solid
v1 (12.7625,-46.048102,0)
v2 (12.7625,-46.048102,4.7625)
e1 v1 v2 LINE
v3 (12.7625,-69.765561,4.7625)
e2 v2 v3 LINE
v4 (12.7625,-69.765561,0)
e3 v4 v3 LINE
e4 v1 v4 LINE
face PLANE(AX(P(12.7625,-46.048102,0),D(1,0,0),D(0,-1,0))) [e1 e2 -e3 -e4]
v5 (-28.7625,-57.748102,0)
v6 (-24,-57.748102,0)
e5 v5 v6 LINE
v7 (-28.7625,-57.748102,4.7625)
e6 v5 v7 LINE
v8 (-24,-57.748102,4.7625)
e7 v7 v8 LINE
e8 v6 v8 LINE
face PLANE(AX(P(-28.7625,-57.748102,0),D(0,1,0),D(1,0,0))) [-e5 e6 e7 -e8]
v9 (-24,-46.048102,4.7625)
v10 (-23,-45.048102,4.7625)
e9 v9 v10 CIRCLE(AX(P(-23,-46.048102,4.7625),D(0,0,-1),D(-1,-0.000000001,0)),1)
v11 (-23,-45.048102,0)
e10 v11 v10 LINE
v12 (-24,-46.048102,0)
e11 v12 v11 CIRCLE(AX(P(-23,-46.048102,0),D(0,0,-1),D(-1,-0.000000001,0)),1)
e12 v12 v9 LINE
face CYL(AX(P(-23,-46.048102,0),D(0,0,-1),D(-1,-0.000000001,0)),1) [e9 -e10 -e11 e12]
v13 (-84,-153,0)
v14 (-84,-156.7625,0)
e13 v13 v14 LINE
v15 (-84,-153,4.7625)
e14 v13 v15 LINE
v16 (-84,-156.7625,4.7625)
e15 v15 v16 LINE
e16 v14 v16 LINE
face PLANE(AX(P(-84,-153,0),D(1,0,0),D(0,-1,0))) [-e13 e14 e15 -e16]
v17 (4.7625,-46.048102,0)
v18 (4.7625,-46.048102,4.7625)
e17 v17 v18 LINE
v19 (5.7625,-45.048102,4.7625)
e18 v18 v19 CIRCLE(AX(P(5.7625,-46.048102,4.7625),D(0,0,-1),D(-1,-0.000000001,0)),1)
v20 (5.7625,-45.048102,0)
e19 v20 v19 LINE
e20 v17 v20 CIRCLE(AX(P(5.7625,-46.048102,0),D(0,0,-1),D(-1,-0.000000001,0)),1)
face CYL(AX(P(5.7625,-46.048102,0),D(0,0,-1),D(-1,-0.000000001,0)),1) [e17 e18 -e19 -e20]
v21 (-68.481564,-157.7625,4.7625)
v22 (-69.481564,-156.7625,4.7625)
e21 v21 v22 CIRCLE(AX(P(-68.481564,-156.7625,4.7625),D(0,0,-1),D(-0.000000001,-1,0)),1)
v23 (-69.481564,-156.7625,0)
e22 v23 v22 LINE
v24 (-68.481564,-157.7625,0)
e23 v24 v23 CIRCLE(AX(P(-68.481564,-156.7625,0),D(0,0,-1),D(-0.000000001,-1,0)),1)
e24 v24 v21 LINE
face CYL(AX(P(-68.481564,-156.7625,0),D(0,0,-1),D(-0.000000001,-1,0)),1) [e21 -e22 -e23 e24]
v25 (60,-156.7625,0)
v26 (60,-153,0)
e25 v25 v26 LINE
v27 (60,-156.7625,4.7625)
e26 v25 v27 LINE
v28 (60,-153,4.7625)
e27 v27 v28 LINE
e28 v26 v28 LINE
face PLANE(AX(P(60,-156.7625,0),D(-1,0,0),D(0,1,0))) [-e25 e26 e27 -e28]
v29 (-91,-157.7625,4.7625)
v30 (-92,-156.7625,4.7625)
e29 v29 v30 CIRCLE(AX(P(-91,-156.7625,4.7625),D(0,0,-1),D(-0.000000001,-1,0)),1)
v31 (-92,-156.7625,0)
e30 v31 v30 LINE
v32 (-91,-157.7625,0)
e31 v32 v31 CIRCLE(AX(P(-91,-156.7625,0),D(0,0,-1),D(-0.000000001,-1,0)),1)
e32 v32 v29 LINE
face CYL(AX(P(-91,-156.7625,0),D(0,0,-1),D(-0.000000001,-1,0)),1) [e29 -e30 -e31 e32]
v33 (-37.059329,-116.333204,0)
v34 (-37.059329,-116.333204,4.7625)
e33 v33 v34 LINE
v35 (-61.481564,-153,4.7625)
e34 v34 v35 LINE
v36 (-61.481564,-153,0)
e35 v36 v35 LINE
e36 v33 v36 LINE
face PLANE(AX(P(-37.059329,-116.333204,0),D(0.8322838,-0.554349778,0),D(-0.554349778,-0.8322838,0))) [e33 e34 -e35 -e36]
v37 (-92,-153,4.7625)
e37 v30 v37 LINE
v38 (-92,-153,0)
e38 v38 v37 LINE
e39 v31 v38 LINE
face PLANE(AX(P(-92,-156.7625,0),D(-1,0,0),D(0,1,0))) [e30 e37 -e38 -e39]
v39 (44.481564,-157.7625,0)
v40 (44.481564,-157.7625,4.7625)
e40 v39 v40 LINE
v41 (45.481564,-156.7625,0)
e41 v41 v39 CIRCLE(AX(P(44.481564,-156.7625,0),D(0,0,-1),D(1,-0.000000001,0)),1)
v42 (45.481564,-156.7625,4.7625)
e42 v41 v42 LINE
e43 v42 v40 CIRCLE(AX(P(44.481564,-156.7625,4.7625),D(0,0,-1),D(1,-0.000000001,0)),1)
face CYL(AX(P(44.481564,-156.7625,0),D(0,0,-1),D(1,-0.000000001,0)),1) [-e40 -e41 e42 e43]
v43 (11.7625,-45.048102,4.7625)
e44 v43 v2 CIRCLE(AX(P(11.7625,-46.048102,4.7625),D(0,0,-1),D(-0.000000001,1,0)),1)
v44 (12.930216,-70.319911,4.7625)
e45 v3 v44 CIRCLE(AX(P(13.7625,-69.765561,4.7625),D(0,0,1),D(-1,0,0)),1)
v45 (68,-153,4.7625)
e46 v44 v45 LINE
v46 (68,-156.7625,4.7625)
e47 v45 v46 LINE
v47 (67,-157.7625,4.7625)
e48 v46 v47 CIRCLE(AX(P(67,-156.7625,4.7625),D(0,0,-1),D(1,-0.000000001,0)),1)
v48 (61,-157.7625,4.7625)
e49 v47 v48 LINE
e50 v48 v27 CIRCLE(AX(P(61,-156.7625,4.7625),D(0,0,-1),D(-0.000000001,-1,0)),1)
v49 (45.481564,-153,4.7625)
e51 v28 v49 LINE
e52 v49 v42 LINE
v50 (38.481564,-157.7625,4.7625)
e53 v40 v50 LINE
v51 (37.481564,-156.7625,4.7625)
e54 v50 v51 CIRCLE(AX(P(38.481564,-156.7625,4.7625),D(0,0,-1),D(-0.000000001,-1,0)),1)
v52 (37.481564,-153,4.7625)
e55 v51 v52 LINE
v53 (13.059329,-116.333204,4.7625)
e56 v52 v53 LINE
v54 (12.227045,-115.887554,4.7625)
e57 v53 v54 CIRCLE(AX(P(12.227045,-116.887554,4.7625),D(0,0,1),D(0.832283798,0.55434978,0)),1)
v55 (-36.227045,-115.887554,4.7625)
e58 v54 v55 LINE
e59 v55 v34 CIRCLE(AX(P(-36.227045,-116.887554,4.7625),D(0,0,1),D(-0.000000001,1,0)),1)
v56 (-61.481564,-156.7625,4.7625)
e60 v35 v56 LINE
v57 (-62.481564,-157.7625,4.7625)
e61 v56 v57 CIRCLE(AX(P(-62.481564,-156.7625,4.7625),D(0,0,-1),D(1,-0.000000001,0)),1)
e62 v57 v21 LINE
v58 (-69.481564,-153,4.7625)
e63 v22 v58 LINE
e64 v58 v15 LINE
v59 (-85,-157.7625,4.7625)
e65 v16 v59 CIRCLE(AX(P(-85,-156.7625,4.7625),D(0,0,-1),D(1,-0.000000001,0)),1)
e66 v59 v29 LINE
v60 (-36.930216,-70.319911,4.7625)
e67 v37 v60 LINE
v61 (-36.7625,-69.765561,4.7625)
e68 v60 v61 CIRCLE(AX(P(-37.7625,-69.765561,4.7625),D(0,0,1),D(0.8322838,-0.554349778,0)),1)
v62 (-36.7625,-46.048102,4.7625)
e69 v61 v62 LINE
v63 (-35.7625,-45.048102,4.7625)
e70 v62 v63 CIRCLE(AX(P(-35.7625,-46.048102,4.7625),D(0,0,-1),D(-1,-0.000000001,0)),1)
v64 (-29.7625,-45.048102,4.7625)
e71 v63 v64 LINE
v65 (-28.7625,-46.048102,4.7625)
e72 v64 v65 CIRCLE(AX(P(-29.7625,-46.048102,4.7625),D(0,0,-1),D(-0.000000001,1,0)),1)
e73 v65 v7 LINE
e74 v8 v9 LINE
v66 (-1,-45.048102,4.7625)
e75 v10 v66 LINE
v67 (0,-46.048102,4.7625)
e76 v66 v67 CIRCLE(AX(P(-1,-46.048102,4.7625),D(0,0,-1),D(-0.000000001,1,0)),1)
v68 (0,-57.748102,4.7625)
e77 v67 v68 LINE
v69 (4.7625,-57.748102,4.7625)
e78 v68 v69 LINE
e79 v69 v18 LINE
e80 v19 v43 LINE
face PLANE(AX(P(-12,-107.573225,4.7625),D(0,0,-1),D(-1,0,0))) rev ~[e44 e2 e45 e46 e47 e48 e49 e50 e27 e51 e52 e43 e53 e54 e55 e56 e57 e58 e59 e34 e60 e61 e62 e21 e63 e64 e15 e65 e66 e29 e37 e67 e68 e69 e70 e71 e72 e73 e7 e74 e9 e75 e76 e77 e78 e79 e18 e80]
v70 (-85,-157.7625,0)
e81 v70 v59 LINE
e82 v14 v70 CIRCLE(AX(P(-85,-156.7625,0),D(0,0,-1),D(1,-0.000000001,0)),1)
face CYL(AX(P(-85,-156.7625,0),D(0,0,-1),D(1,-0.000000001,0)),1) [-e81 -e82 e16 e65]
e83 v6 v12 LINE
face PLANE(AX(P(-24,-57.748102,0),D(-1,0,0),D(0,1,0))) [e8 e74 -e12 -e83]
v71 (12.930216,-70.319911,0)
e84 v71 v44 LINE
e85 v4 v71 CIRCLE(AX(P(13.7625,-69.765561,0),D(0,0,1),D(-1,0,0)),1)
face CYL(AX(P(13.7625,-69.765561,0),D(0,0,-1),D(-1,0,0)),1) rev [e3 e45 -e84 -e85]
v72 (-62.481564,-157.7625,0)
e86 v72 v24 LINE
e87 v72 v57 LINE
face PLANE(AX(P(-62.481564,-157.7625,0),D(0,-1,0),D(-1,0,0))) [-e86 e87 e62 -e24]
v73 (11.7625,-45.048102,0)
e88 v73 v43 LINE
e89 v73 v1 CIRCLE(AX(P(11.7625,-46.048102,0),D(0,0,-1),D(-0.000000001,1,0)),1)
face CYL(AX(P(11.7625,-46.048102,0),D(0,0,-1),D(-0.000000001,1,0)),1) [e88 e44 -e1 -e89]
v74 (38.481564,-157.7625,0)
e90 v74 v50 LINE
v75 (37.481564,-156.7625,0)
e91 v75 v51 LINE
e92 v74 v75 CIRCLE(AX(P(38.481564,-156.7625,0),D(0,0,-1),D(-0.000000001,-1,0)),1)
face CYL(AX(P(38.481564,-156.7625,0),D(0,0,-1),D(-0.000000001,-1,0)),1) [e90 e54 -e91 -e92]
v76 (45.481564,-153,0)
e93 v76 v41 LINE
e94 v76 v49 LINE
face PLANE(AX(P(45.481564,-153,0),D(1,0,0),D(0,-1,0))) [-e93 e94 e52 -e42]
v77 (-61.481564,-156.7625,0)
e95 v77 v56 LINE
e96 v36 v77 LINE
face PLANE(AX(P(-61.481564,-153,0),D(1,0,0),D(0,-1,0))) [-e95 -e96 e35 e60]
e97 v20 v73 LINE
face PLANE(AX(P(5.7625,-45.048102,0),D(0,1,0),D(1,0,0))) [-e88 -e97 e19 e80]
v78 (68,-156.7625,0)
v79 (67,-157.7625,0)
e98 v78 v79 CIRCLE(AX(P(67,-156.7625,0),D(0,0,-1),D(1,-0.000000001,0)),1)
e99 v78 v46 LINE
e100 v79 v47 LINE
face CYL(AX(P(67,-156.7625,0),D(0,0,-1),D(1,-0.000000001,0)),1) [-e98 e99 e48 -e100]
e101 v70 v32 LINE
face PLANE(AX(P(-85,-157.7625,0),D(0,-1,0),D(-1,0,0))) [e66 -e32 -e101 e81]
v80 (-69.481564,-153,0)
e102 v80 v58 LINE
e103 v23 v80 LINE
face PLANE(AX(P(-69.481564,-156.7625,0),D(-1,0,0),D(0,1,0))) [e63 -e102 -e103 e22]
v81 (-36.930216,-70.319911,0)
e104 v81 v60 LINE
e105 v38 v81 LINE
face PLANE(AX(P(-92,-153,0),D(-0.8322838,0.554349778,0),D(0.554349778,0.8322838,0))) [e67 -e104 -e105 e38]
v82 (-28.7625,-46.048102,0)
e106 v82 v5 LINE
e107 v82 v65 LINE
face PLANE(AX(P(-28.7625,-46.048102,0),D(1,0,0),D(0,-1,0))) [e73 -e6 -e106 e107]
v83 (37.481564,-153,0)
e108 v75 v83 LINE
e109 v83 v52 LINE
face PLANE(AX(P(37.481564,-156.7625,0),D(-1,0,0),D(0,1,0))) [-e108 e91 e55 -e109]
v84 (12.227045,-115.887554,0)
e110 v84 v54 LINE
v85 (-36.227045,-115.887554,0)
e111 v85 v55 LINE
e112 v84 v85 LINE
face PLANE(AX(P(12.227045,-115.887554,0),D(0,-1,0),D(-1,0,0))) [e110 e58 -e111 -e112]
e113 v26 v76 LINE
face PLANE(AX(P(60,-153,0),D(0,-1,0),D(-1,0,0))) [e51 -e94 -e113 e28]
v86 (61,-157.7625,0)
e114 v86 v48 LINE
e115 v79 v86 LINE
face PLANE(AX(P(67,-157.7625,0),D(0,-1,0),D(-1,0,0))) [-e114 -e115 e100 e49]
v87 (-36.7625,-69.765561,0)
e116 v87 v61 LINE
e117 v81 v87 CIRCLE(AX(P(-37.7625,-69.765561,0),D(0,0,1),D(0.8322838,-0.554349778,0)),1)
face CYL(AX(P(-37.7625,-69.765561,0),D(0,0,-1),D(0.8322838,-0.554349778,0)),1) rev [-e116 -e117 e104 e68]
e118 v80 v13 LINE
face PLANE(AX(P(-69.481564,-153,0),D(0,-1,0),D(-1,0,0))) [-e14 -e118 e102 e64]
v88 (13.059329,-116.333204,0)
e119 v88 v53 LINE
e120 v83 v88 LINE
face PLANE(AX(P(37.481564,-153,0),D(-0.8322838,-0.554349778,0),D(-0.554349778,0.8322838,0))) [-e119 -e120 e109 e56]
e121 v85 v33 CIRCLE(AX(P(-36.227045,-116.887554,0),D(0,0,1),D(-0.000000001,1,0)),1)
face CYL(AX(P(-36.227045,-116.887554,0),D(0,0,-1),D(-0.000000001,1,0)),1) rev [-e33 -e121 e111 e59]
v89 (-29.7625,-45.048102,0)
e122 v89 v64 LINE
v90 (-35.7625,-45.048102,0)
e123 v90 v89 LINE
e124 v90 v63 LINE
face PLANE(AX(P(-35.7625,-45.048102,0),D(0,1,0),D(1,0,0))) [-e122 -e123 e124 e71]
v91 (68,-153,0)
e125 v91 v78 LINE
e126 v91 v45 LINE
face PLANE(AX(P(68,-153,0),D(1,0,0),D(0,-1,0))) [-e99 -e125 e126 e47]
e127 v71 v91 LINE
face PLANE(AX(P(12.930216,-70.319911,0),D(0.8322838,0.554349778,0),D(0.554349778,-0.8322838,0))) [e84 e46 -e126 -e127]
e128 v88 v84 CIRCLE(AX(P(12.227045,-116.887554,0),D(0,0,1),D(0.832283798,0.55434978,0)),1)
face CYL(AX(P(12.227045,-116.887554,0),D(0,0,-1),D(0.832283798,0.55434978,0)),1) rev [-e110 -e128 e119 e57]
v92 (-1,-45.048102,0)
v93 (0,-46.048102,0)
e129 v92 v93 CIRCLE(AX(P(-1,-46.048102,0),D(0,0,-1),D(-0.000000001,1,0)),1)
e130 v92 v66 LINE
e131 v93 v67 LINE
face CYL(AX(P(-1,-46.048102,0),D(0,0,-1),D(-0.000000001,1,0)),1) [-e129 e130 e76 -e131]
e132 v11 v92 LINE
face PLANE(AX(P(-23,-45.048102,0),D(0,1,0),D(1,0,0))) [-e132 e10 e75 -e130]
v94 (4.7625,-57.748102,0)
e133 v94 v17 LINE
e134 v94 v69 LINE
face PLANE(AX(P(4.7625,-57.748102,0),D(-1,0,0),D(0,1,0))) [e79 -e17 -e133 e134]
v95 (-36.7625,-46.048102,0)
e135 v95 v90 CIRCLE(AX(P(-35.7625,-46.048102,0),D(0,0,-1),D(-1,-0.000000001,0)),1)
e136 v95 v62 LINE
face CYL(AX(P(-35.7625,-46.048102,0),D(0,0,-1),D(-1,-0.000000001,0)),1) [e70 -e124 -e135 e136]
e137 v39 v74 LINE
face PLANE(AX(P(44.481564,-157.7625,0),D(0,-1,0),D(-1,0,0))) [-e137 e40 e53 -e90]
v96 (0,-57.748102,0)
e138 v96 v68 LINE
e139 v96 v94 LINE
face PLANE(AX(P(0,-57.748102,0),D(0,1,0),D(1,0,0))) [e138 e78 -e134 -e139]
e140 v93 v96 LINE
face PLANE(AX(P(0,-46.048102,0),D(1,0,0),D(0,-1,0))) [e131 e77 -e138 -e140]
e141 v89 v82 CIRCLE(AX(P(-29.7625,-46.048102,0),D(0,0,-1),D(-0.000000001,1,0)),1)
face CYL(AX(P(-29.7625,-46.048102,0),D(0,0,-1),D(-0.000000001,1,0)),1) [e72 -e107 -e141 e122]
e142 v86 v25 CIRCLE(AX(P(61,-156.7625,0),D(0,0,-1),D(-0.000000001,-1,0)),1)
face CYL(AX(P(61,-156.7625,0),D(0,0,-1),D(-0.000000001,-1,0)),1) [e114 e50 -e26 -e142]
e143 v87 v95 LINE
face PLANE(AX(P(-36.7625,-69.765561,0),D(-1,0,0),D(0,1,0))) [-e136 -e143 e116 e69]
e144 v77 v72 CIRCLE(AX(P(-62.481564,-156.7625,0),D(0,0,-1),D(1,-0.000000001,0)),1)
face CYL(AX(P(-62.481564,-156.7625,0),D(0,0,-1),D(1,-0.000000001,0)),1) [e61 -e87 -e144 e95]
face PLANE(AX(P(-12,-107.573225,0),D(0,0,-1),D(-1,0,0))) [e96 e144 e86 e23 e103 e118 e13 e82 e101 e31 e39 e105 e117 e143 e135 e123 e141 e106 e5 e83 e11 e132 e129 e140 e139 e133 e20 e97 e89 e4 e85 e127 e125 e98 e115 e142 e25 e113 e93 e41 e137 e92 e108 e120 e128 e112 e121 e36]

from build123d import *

# Parameters (mm, degrees)
BOSS_EXTRUDE1_DEPTH = 4.7625


with BuildPart() as part:
    # Sketch2 → Boss-Extrude1 (new body)
    with BuildSketch(Plane.XY):
        with BuildLine():
            Line((-23, -45.048102255), (-1, -45.048102255))
            ThreePointArc((-1, -45.048102255), (-0.292893219, -45.340995473), (0, -46.048102255))
            Line((0, -46.048102255), (0, -57.748102255))
            Line((0, -57.748102255), (4.7625, -57.748102255))
            Line((4.7625, -57.748102255), (4.7625, -46.048102255))
            ThreePointArc((4.7625, -46.048102255), (5.055393219, -45.340995473), (5.7625, -45.048102255))
            Line((5.7625, -45.048102255), (11.7625, -45.048102255))
            ThreePointArc((11.7625, -45.048102255), (12.469606781, -45.340995473), (12.7625, -46.048102255))
            Line((12.7625, -46.048102255), (12.7625, -69.765561421))
            ThreePointArc((12.7625, -69.765561421), (12.805346982, -70.055144052), (12.9302162, -70.319911199))
            Line((12.9302162, -70.319911199), (68, -153))
            Line((68, -153), (68, -156.7625))
            ThreePointArc((68, -156.7625), (67.707106781, -157.469606781), (67, -157.7625))
            Line((67, -157.7625), (61, -157.7625))
            ThreePointArc((61, -157.7625), (60.292893219, -157.469606781), (60, -156.7625))
            Line((60, -156.7625), (60, -153))
            Line((60, -153), (45.481563848, -153))
            Line((45.481563848, -153), (45.481563848, -156.7625))
            ThreePointArc((45.481563848, -156.7625), (45.188670629, -157.469606781), (44.481563848, -157.7625))
            Line((44.481563848, -157.7625), (38.481563848, -157.7625))
            ThreePointArc((38.481563848, -157.7625), (37.774457067, -157.469606781), (37.481563848, -156.7625))
            Line((37.481563848, -156.7625), (37.481563848, -153))
            Line((37.481563848, -153), (13.059329161, -116.333203921))
            ThreePointArc((13.059329161, -116.333203921), (12.699088908, -116.005978468), (12.227045361, -115.8875537))
            Line((12.227045361, -115.8875537), (-36.227045361, -115.8875537))
            ThreePointArc((-36.227045361, -115.8875537), (-36.699088908, -116.005978468), (-37.059329161, -116.333203921))
            Line((-37.059329161, -116.333203921), (-61.481563848, -153))
            Line((-61.481563848, -153), (-61.481563848, -156.7625))
            ThreePointArc((-61.481563848, -156.7625), (-61.774457067, -157.469606781), (-62.481563848, -157.7625))
            Line((-62.481563848, -157.7625), (-68.481563848, -157.7625))
            ThreePointArc((-68.481563848, -157.7625), (-69.188670629, -157.469606781), (-69.481563848, -156.7625))
            Line((-69.481563848, -156.7625), (-69.481563848, -153))
            Line((-69.481563848, -153), (-84, -153))
            Line((-84, -153), (-84, -156.7625))
            ThreePointArc((-84, -156.7625), (-84.292893219, -157.469606781), (-85, -157.7625))
            Line((-85, -157.7625), (-91, -157.7625))
            ThreePointArc((-91, -157.7625), (-91.707106781, -157.469606781), (-92, -156.7625))
            Line((-92, -156.7625), (-92, -153))
            Line((-92, -153), (-36.9302162, -70.319911199))
            ThreePointArc((-36.9302162, -70.319911199), (-36.805346982, -70.055144052), (-36.7625, -69.765561421))
            Line((-36.7625, -69.765561421), (-36.7625, -46.048102255))
            ThreePointArc((-36.7625, -46.048102255), (-36.469606781, -45.340995473), (-35.7625, -45.048102255))
            Line((-35.7625, -45.048102255), (-29.7625, -45.048102255))
            ThreePointArc((-29.7625, -45.048102255), (-29.055393219, -45.340995473), (-28.7625, -46.048102255))
            Line((-28.7625, -46.048102255), (-28.7625, -57.748102255))
            Line((-28.7625, -57.748102255), (-24, -57.748102255))
            Line((-24, -57.748102255), (-24, -46.048102255))
            ThreePointArc((-24, -46.048102255), (-23.707106781, -45.340995473), (-23, -45.048102255))
        make_face()
    extrude(amount=BOSS_EXTRUDE1_DEPTH)


solid = part.part
